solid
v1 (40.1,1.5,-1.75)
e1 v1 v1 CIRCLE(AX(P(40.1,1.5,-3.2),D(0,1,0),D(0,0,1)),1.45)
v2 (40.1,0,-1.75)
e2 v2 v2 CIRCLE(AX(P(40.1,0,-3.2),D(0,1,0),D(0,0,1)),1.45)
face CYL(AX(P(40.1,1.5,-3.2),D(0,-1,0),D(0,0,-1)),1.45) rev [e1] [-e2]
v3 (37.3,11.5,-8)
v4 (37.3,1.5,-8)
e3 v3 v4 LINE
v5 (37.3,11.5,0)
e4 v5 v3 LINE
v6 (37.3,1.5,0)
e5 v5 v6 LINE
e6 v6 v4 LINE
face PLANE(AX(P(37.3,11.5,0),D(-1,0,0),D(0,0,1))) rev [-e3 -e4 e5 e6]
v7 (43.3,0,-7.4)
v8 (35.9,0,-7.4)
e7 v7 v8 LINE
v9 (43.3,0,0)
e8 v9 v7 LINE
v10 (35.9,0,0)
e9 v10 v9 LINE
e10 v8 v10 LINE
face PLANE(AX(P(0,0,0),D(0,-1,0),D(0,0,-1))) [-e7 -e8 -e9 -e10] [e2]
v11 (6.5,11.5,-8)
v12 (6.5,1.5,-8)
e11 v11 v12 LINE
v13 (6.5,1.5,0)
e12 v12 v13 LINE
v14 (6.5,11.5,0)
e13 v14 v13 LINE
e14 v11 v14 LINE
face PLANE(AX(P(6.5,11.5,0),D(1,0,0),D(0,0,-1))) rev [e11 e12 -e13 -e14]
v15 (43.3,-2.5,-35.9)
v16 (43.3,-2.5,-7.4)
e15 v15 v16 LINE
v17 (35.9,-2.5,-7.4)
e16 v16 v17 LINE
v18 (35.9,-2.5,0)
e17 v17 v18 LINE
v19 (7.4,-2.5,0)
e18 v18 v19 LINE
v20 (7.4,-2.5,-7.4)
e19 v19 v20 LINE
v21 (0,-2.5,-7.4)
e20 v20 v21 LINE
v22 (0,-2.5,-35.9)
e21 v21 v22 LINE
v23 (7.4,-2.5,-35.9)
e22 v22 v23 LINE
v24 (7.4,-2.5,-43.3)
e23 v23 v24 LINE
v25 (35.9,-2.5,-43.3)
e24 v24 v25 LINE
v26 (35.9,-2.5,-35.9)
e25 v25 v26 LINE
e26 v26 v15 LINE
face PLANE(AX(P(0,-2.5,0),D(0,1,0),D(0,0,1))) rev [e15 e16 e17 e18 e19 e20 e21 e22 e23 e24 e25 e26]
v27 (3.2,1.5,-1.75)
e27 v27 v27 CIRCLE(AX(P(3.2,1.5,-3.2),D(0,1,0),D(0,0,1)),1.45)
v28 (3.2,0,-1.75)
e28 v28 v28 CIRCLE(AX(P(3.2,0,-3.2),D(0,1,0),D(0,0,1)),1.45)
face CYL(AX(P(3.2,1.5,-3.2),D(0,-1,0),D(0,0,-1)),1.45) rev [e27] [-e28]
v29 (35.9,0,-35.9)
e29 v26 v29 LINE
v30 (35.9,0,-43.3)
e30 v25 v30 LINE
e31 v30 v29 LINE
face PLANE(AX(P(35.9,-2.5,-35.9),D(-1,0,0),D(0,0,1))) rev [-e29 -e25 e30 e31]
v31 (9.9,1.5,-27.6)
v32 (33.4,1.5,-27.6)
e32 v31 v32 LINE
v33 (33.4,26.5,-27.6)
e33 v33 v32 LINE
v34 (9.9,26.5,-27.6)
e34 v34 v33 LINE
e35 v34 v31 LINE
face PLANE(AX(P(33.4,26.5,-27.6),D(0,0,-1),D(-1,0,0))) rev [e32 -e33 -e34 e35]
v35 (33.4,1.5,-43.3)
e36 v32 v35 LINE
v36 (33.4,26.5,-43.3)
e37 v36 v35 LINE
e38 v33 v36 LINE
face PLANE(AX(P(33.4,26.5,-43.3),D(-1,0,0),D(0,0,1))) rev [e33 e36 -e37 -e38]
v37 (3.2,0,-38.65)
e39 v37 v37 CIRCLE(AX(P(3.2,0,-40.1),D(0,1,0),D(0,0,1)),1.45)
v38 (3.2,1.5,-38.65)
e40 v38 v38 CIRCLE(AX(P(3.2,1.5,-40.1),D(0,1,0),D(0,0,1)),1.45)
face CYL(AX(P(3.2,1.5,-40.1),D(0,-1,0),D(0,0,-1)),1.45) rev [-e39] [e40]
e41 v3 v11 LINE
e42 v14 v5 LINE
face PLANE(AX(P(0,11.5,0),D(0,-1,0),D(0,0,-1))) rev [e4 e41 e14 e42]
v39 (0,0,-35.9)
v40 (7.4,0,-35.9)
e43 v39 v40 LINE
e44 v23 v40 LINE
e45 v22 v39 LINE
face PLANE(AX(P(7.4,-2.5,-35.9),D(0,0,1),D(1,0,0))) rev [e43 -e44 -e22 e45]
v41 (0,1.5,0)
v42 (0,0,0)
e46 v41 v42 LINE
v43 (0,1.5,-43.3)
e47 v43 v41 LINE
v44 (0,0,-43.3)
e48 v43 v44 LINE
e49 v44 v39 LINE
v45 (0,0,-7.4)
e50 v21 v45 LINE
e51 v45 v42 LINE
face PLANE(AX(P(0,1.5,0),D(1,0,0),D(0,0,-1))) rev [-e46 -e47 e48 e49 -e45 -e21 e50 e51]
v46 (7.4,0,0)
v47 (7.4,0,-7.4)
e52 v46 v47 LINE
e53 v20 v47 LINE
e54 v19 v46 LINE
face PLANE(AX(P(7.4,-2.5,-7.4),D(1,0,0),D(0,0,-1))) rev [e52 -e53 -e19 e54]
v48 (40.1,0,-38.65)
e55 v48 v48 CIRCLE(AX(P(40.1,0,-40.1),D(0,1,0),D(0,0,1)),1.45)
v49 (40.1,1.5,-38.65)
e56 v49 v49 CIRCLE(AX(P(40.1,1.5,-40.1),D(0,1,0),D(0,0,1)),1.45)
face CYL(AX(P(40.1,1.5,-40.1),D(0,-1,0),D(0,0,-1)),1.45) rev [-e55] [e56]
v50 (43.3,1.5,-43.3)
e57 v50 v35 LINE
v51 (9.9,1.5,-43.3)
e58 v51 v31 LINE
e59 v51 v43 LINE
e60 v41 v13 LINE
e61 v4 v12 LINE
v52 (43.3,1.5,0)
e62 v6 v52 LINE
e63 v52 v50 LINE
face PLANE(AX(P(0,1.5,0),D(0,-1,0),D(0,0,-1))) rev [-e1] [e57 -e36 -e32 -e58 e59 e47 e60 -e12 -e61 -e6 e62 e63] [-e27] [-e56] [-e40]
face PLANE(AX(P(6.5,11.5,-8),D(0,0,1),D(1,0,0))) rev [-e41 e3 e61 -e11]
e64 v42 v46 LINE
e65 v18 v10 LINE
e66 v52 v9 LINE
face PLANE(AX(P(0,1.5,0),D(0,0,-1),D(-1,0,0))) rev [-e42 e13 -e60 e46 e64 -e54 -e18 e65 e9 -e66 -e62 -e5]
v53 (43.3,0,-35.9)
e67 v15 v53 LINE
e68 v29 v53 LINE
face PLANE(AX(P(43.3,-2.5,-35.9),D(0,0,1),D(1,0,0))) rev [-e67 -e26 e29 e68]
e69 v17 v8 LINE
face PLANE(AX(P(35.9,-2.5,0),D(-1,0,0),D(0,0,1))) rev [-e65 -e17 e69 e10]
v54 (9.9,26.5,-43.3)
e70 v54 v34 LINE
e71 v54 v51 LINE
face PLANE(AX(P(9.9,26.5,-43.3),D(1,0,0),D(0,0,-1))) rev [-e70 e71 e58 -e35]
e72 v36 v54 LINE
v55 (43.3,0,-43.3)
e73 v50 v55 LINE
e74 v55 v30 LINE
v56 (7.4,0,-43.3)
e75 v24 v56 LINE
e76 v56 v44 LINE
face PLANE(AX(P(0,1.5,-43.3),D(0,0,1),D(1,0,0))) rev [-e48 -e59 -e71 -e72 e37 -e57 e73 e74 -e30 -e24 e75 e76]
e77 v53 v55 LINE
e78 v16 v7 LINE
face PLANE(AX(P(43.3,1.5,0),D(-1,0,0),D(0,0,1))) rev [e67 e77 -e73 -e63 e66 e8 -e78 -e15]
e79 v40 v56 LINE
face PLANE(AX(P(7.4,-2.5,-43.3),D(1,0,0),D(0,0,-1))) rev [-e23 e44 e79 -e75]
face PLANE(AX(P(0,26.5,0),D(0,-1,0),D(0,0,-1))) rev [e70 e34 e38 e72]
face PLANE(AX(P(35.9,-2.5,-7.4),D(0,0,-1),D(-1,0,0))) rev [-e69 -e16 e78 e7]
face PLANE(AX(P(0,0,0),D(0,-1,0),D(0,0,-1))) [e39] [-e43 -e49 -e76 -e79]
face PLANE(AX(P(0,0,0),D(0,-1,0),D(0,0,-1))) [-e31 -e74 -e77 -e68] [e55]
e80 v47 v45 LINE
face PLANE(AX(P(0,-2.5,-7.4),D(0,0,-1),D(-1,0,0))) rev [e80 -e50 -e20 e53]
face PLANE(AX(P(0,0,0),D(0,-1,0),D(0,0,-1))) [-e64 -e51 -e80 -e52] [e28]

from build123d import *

# Parameters (mm, degrees)
SKETCH1_W           = 43.3
SKETCH1_H           = 43.3
SKETCH1_R           = 1.45
BOSS_EXTRUDE1_DEPTH = 1.5
BOSS_EXTRUDE2_DEPTH = 2.5
SKETCH3_W           = 30.8
SKETCH3_H           = 8
BOSS_EXTRUDE3_DEPTH = 10
SKETCH4_W           = 23.5
SKETCH4_H           = 15.7
BOSS_EXTRUDE4_DEPTH = 25


with BuildPart() as part:
    # Sketch1 → Boss-Extrude1 (new body)
    with BuildSketch(Plane(origin=(0, 0, 0), x_dir=(1, 0, 0), z_dir=(0, 1, 0))):
        with Locations((21.65, 21.65)):
            Rectangle(SKETCH1_W, SKETCH1_H)
        with Locations(Location((3.2, 3.2, 0), (0, 0, 270))):
            Circle(SKETCH1_R, mode=Mode.SUBTRACT)
        with Locations(Location((3.2, 40.1, 0), (0, 0, 270))):
            Circle(SKETCH1_R, mode=Mode.SUBTRACT)
        with Locations(Location((40.1, 40.1, 0), (0, 0, 270))):
            Circle(SKETCH1_R, mode=Mode.SUBTRACT)
        with Locations(Location((40.1, 3.2, 0), (0, 0, 270))):
            Circle(SKETCH1_R, mode=Mode.SUBTRACT)
    extrude(amount=BOSS_EXTRUDE1_DEPTH)

    # Sketch2 → Boss-Extrude2 (add)
    with BuildSketch(Plane.XZ):
        Polygon((0, -35.9), (0, -7.4), (7.4, -7.4), (7.4, 0), (35.9, 0), (35.9, -7.4), (43.3, -7.4), (43.3, -35.9), (35.9, -35.9), (35.9, -43.3), (7.4, -43.3), (7.4, -35.9), align=None)
    extrude(amount=BOSS_EXTRUDE2_DEPTH)

    # Sketch3 → Boss-Extrude3 (add)
    with BuildSketch(Plane(origin=(0, 1.5, 0), x_dir=(1, 0, 0), z_dir=(0, 1, 0))):
        with Locations((21.9, 4)):
            Rectangle(SKETCH3_W, SKETCH3_H)
    extrude(amount=BOSS_EXTRUDE3_DEPTH)

    # Sketch4 → Boss-Extrude4 (add)
    with BuildSketch(Plane(origin=(0, 1.5, 0), x_dir=(1, 0, 0), z_dir=(0, 1, 0))):
        with Locations((21.65, 35.45)):
            Rectangle(SKETCH4_W, SKETCH4_H)
    extrude(amount=BOSS_EXTRUDE4_DEPTH)


solid = part.part
